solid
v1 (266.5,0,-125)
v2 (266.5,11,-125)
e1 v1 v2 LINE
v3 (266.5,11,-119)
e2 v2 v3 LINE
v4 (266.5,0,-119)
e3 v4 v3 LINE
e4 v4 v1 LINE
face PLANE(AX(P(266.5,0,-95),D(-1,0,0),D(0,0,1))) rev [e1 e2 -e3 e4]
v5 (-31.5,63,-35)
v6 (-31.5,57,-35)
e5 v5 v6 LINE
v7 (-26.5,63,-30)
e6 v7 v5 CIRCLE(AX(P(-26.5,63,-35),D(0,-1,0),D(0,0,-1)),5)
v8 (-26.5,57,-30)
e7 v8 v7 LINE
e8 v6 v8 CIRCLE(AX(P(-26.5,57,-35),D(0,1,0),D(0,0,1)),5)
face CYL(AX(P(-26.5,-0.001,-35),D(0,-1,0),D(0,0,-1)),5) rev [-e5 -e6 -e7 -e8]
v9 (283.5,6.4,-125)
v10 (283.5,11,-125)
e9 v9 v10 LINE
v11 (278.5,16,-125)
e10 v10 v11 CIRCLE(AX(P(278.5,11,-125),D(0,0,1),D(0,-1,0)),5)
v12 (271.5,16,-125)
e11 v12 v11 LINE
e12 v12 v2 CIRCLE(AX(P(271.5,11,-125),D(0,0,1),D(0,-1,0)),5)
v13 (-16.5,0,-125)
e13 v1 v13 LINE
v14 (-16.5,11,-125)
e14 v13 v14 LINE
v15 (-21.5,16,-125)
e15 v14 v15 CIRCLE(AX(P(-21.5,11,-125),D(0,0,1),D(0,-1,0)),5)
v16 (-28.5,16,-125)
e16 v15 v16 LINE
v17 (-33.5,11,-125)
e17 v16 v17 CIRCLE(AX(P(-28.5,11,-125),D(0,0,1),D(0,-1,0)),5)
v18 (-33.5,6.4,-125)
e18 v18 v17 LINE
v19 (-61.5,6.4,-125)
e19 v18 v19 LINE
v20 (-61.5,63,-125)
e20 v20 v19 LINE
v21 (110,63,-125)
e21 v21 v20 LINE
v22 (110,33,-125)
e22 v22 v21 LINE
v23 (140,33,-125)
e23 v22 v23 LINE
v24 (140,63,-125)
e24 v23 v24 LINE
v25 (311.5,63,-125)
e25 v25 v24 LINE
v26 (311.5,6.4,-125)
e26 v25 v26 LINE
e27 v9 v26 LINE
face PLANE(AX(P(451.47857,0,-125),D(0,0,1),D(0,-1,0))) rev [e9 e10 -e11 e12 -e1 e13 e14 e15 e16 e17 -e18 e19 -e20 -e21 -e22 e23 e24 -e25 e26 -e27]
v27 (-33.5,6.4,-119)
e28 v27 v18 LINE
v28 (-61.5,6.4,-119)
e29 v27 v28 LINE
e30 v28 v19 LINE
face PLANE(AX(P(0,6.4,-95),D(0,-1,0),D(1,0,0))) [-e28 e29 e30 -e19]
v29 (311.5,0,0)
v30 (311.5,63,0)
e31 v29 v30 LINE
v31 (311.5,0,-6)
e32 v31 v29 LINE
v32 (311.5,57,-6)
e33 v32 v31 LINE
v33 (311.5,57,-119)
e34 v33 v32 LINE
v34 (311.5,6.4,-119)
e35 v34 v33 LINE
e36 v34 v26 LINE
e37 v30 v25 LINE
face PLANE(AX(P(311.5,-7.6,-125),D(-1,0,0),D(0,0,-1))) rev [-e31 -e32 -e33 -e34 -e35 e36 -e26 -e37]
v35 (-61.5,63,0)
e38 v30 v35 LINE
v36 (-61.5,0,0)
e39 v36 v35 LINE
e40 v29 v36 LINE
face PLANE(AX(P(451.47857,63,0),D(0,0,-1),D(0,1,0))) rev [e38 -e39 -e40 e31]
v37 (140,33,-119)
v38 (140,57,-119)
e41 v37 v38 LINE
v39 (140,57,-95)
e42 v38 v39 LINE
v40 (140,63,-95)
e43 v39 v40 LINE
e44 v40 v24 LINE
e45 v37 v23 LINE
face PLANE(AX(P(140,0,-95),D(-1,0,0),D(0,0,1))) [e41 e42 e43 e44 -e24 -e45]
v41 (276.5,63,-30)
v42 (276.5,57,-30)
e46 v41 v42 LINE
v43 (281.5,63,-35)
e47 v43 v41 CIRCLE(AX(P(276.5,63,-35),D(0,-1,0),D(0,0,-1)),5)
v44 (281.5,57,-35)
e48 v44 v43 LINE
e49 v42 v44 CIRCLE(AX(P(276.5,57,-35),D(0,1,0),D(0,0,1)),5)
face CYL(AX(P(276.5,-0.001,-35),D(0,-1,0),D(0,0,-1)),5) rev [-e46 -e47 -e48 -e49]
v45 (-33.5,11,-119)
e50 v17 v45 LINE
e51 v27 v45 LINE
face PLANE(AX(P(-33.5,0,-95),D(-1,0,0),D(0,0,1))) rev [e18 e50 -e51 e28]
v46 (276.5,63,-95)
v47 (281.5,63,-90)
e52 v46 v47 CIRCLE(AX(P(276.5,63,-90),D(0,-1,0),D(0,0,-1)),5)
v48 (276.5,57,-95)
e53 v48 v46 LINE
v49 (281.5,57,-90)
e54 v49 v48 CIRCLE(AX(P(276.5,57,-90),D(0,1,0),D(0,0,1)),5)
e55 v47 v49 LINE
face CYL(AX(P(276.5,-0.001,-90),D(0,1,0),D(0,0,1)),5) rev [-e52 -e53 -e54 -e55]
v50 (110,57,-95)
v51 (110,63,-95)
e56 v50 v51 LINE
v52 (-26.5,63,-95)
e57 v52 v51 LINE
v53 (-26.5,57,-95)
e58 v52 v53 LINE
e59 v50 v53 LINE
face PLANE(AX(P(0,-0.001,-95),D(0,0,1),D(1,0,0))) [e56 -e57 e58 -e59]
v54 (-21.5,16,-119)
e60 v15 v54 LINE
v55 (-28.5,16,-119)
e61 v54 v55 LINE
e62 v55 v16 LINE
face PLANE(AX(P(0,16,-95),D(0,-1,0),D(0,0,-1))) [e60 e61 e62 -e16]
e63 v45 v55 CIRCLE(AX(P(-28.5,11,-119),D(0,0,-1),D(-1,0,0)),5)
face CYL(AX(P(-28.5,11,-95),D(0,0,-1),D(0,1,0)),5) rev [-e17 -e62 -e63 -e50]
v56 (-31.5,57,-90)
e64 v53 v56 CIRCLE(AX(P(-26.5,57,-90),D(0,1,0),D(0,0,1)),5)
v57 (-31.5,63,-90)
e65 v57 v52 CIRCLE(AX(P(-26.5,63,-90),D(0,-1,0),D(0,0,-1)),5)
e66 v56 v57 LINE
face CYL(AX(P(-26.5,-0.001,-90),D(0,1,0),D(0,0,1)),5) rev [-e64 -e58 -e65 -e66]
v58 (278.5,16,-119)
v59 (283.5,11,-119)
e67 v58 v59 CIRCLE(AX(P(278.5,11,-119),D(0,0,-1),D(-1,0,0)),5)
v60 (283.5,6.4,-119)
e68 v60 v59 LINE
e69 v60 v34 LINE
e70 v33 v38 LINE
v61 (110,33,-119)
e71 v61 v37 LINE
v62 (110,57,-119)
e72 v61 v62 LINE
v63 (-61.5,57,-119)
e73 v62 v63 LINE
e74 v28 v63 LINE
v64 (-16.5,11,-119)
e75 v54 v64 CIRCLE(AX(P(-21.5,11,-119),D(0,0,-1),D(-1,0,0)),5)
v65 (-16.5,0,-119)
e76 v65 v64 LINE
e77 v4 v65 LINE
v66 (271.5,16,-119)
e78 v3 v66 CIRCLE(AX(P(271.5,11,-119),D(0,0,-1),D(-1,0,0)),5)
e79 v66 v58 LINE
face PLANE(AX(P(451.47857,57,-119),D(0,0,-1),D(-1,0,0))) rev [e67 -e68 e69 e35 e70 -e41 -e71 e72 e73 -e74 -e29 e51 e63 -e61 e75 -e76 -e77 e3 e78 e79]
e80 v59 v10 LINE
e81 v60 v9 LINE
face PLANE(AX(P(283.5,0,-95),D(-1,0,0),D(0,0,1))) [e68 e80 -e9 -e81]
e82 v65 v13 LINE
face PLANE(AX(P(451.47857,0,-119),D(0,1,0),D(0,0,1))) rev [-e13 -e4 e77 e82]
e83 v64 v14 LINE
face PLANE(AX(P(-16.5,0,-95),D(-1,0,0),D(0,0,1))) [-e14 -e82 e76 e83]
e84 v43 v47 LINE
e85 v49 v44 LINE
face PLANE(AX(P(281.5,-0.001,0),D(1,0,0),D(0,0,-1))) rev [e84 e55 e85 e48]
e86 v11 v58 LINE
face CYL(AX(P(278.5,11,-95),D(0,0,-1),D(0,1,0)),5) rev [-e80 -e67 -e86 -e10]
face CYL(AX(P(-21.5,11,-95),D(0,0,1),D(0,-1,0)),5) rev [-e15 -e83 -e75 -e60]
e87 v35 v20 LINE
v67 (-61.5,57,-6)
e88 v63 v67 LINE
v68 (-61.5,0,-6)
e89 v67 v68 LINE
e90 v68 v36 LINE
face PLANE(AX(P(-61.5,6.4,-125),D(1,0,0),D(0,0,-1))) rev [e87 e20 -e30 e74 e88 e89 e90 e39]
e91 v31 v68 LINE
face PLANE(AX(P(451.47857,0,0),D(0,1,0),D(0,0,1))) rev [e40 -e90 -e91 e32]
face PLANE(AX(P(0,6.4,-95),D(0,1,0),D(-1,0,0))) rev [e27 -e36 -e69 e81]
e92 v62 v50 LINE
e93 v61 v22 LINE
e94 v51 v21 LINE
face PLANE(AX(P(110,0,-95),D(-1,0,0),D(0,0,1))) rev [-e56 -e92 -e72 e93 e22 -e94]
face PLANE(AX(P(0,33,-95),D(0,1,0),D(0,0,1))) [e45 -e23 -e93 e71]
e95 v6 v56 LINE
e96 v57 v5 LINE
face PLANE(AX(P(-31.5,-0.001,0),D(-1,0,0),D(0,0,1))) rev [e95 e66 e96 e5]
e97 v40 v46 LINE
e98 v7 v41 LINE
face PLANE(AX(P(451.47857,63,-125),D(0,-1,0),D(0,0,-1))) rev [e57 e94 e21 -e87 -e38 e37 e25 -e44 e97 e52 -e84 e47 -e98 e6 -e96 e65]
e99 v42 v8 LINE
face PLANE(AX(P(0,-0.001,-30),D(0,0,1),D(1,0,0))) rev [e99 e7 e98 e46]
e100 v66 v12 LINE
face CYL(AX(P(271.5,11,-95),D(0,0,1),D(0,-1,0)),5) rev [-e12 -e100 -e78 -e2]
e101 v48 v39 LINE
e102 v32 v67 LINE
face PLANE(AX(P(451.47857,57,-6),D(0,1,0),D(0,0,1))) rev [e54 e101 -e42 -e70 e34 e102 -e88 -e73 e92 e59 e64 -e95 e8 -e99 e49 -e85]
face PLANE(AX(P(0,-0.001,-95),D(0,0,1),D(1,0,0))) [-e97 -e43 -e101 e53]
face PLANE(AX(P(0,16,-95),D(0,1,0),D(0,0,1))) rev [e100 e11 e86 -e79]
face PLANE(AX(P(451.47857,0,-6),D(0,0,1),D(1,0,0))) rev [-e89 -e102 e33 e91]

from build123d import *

# Parameters (mm, degrees)
BOSS_EXTRUDE1_DEPTH      = 311.5
BOSS_EXTRUDE1_DEPTH_BACK = 61.5
SKETCH2_R                = 4.34
SKETCH2_W                = 30
SKETCH2_H                = 24
SKETCH2_H_2              = 6
CORTAR_EXTRUIR1_DEPTH    = 30
CORTAR_EXTRUIR3_REACH    = 65
REDONDEO1_R              = 5


with BuildPart() as part:
    # Sketch1 → Boss-Extrude1 (new body, two sides)
    with BuildSketch(Plane(origin=(0, 0, 0), x_dir=(0, 0, -1), z_dir=(1, 0, 0))) as boss_extrude1_sk:
        Polygon((0, 0), (6, 0), (6, 57), (119, 57), (119, 0), (125, 0), (125, 63), (0, 63), align=None)
    extrude(amount=BOSS_EXTRUDE1_DEPTH)
    extrude(boss_extrude1_sk.sketch, amount=-BOSS_EXTRUDE1_DEPTH_BACK)

    # Sketch2 → Cortar-Extruir1 (cut)
    with BuildSketch(Plane(origin=(0, 0, -125), x_dir=(-1, 0, 0), z_dir=(0, 0, -1))):
        Polygon((-311.5, 0), (-266.5, 0), (-266.5, 16), (-283.5, 16), (-283.5, 6.4), (-311.5, 6.4), align=None)
        with Locations((-277.52, 10.9)):
            Circle(SKETCH2_R, mode=Mode.SUBTRACT)
        with Locations((-277.52, 10.9)):
            Circle(SKETCH2_R)
        with Locations((-125, 45)):
            Rectangle(SKETCH2_W, SKETCH2_H)
        with Locations((-125, 60)):
            Rectangle(SKETCH2_W, SKETCH2_H_2)
        Polygon((16.5, 16), (16.5, 0), (61.5, 0), (61.5, 6.4), (33.5, 6.4), (33.5, 16), align=None)
    extrude(amount=-CORTAR_EXTRUIR1_DEPTH, mode=Mode.SUBTRACT)

    # Croquis1 → Cortar-Extruir3 (cut, up to next)
    with BuildSketch(Plane(origin=(0, 63, 0), x_dir=(1, 0, 0), z_dir=(0, 1, 0)), mode=Mode.PRIVATE) as cortar_extruir3_sk1:
        Polygon((-31.5, 95), (-31.5, 30), (281.5, 30), (281.5, 95), (170, 95), (140, 95), (110, 95), (80, 95), align=None)
    cortar_extruir3_tool1 = extrude(cortar_extruir3_sk1.sketch, amount=-CORTAR_EXTRUIR3_REACH, mode=Mode.PRIVATE) & part.part
    add(cortar_extruir3_tool1.solids().sort_by_distance((125, 63, -62.5))[0], mode=Mode.SUBTRACT)

    # Redondeo1
    redondeo1_edges = [part.edges().sort_by_distance(p)[0] for p in [
        (-16.5, 16, -122),
        (-33.5, 16, -122),
        (-31.5, 60, -95),
        (281.5, 60, -95),
        (281.5, 60, -30),
        (-31.5, 60, -30),
        (283.5, 16, -122),
        (266.5, 16, -122),
    ]]
    fillet(redondeo1_edges, radius=REDONDEO1_R)


solid = part.part
